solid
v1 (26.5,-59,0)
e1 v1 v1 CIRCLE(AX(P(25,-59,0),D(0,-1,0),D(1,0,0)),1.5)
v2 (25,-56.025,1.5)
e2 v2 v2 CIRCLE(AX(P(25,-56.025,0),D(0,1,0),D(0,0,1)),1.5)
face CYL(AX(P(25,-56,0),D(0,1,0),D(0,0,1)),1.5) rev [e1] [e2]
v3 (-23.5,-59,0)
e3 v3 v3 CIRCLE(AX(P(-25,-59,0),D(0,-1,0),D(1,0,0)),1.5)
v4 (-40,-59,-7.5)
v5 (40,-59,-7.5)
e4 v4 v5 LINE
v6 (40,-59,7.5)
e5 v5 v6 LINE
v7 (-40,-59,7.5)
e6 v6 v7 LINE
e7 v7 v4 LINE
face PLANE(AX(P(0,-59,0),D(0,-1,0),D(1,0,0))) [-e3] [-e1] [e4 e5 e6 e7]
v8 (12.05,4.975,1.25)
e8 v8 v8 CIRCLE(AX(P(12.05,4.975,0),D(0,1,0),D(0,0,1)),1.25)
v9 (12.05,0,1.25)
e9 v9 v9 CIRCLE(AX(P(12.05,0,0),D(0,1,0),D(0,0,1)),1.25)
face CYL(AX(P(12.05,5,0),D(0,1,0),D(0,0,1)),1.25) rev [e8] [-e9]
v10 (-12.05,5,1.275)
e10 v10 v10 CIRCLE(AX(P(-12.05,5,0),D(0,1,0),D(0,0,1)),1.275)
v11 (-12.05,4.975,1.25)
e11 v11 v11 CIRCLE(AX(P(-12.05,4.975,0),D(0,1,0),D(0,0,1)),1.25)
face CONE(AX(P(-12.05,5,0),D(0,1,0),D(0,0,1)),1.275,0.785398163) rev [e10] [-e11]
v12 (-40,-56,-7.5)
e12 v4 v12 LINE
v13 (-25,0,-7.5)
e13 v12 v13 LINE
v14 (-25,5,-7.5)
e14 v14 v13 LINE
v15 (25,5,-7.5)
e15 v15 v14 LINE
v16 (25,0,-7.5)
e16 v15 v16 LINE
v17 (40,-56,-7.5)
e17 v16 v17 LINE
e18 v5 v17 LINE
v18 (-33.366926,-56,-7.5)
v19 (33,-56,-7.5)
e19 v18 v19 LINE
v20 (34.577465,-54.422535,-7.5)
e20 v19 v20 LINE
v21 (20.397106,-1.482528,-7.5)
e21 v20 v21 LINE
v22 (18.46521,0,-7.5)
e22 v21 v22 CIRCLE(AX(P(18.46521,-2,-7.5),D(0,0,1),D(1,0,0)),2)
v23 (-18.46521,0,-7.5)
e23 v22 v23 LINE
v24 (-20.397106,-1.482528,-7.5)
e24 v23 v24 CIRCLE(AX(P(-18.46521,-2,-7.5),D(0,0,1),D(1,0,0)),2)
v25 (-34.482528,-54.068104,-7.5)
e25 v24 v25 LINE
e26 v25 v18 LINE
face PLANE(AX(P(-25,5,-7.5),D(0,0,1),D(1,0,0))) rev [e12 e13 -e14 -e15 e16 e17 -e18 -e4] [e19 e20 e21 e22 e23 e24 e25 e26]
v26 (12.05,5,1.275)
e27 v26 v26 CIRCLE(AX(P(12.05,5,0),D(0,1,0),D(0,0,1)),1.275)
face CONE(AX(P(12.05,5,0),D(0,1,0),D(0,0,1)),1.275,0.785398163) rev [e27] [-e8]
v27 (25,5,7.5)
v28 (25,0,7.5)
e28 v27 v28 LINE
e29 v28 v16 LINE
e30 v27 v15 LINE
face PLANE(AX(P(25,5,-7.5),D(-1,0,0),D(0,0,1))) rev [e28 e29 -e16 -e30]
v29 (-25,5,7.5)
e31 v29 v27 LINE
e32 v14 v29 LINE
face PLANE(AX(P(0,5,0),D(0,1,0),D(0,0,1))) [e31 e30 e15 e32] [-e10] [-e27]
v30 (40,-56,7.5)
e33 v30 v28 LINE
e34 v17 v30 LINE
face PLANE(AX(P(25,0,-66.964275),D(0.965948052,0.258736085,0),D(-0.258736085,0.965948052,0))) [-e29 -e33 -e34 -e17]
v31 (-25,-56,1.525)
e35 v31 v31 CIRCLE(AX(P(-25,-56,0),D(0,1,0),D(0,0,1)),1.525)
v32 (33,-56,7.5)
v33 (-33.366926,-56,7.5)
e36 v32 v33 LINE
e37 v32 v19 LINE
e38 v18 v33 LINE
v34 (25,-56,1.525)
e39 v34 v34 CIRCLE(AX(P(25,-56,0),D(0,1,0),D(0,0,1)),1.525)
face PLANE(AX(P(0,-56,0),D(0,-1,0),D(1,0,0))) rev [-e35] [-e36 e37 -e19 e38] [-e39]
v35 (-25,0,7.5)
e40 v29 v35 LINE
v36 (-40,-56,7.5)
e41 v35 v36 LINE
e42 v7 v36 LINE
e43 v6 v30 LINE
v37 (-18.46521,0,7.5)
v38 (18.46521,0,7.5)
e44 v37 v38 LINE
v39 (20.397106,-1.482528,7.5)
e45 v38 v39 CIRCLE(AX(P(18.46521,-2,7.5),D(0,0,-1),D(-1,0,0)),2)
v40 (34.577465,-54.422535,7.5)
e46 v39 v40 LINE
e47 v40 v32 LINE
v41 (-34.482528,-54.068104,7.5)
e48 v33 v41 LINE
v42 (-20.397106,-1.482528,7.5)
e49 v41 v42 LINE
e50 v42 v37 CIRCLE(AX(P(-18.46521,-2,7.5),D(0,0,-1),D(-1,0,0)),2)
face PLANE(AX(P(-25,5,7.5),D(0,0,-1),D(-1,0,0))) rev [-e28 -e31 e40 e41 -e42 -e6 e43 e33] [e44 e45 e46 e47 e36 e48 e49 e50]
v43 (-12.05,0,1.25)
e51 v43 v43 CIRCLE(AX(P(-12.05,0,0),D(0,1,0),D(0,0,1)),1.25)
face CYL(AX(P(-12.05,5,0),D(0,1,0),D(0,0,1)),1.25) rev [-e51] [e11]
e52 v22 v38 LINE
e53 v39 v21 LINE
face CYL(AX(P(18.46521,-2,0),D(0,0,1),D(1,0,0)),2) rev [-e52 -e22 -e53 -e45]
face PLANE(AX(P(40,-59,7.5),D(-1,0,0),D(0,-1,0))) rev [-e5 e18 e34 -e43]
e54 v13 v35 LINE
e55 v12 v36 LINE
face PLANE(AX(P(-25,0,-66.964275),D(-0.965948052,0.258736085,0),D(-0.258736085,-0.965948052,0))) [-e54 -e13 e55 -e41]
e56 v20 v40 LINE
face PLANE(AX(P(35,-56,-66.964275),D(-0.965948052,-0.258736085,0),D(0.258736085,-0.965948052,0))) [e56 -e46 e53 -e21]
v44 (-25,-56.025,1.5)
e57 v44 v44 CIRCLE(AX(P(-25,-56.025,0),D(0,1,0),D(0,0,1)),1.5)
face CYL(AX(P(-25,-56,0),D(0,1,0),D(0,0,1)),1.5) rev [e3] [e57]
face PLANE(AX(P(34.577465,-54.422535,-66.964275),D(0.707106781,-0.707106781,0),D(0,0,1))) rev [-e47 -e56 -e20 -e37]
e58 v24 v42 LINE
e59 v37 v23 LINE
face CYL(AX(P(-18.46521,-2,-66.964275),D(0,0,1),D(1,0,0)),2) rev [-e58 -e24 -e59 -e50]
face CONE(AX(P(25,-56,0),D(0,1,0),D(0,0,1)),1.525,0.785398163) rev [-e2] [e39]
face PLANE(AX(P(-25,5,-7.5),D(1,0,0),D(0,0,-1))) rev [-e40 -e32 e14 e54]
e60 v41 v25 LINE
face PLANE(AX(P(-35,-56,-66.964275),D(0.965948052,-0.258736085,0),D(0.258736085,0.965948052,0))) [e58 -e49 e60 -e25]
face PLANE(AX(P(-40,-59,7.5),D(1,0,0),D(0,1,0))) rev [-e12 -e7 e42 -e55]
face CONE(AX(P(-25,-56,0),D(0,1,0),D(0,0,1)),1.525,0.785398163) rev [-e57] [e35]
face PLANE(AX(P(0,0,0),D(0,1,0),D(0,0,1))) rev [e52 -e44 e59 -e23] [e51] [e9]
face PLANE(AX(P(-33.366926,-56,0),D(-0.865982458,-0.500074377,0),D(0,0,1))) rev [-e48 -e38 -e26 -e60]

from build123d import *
from OCP.BRepFilletAPI import BRepFilletAPI_MakeChamfer

# Parameters (mm, degrees)
SKETCH1_W                       = 50
SKETCH1_H                       = 15
BOSS_EXTRUDE1_DEPTH             = 5
BOSS_EXTRUDE2_DEPTH             = 15
FILLET1_R                       = 2
SKETCH3_W                       = 80
SKETCH3_H                       = 15
BOSS_EXTRUDE3_DEPTH             = 3
CHAMFER1_SIZE                   = 2
CHAMFER1_SIZE2                  = 1.633074145
F_3_0MM_DOWEL_HOLE1_D           = 3
F_3_0MM_DOWEL_HOLE1_DEPTH       = 20
F_3_0MM_DOWEL_HOLE1_CSINK_D     = 3.05
F_3_0MM_DOWEL_HOLE1_CSINK_ANGLE = 90
F_3_0MM_DOWEL_HOLE1_TIP         = 0.901290929
F_2_5MM_DOWEL_HOLE1_D           = 2.5
F_2_5MM_DOWEL_HOLE1_DEPTH       = 20
F_2_5MM_DOWEL_HOLE1_CSINK_D     = 2.55
F_2_5MM_DOWEL_HOLE1_CSINK_ANGLE = 90
F_2_5MM_DOWEL_HOLE1_TIP         = 0.751075774


with BuildPart() as part:
    # Sketch1 → Boss-Extrude1 (new body)
    with BuildSketch(Plane(origin=(0, 0, 0), x_dir=(1, 0, 0), z_dir=(0, 1, 0))):
        Rectangle(SKETCH1_W, SKETCH1_H)
    extrude(amount=BOSS_EXTRUDE1_DEPTH)

    # Sketch2 → Boss-Extrude2 (add)
    with BuildSketch(Plane.XY.offset(7.5)):
        Polygon((25, 0), (40, -56), (35, -56), (20, 0), align=None)
        Polygon((-25, 0), (-40, -56), (-35, -56), (-20, 0), align=None)
    extrude(amount=-BOSS_EXTRUDE2_DEPTH)

    # Fillet1
    fillet1_edges = [part.edges().sort_by_distance(p)[0] for p in [
        (20, 0, 0),
        (-20, 0, 0),
    ]]
    fillet(fillet1_edges, radius=FILLET1_R)

    # Sketch3 → Boss-Extrude3 (add)
    with BuildSketch(Plane.XZ.offset(56)):
        Rectangle(SKETCH3_W, SKETCH3_H)
    extrude(amount=BOSS_EXTRUDE3_DEPTH)

    # Chamfer1: one chamfer whose edges measure the first distance from different faces: ONE call of the kernel's chamfer builder (chamfer() names one face for all edges)
    chamfer1_edges_1 = [part.edges().sort_by_distance(p)[0] for p in [
        (35, -56, 0),
    ]]
    chamfer1_side_1 = [part.faces().sort_by_distance(p)[0] for p in [
        (0, -56, 0),
    ]]
    chamfer1_edges_2 = [part.edges().sort_by_distance(p)[0] for p in [
        (-35, -56, 0),
    ]]
    chamfer1_side_2 = [part.faces().sort_by_distance(p)[0] for p in [
        (-27.698552834, -28.741263915, 0),
    ]]
    chamfer1 = BRepFilletAPI_MakeChamfer(part.part.solid().wrapped)
    for e in chamfer1_edges_1:
        chamfer1.Add(CHAMFER1_SIZE, CHAMFER1_SIZE2, e.wrapped, chamfer1_side_1[0].wrapped)  # the first distance lies on this face
    for e in chamfer1_edges_2:
        chamfer1.Add(CHAMFER1_SIZE, CHAMFER1_SIZE2, e.wrapped, chamfer1_side_2[0].wrapped)  # the first distance lies on this face
    add(Compound.cast(chamfer1.Shape()), mode=Mode.REPLACE)

    # Ø3.0mm Dowel Hole1
    with Locations(Plane(origin=(0, -56, 0), x_dir=(1, 0, 0), z_dir=(0, 1, 0))):
        with Locations((-25, 0), (25, 0)):
            CounterSinkHole(F_3_0MM_DOWEL_HOLE1_D / 2, F_3_0MM_DOWEL_HOLE1_CSINK_D / 2, depth=F_3_0MM_DOWEL_HOLE1_DEPTH, counter_sink_angle=F_3_0MM_DOWEL_HOLE1_CSINK_ANGLE)
            with Locations((0, 0, -(F_3_0MM_DOWEL_HOLE1_DEPTH + F_3_0MM_DOWEL_HOLE1_TIP / 2))):  # 118° drill point
                Cone(0, F_3_0MM_DOWEL_HOLE1_D / 2, F_3_0MM_DOWEL_HOLE1_TIP, mode=Mode.SUBTRACT)

    # Ø2.5mm Dowel Hole1
    with Locations(Plane(origin=(0, 5, 0), x_dir=(1, 0, 0), z_dir=(0, 1, 0))):
        with Locations((-12.05, 0), (12.05, 0)):
            CounterSinkHole(F_2_5MM_DOWEL_HOLE1_D / 2, F_2_5MM_DOWEL_HOLE1_CSINK_D / 2, depth=F_2_5MM_DOWEL_HOLE1_DEPTH, counter_sink_angle=F_2_5MM_DOWEL_HOLE1_CSINK_ANGLE)
            with Locations((0, 0, -(F_2_5MM_DOWEL_HOLE1_DEPTH + F_2_5MM_DOWEL_HOLE1_TIP / 2))):  # 118° drill point
                Cone(0, F_2_5MM_DOWEL_HOLE1_D / 2, F_2_5MM_DOWEL_HOLE1_TIP, mode=Mode.SUBTRACT)


solid = part.part
